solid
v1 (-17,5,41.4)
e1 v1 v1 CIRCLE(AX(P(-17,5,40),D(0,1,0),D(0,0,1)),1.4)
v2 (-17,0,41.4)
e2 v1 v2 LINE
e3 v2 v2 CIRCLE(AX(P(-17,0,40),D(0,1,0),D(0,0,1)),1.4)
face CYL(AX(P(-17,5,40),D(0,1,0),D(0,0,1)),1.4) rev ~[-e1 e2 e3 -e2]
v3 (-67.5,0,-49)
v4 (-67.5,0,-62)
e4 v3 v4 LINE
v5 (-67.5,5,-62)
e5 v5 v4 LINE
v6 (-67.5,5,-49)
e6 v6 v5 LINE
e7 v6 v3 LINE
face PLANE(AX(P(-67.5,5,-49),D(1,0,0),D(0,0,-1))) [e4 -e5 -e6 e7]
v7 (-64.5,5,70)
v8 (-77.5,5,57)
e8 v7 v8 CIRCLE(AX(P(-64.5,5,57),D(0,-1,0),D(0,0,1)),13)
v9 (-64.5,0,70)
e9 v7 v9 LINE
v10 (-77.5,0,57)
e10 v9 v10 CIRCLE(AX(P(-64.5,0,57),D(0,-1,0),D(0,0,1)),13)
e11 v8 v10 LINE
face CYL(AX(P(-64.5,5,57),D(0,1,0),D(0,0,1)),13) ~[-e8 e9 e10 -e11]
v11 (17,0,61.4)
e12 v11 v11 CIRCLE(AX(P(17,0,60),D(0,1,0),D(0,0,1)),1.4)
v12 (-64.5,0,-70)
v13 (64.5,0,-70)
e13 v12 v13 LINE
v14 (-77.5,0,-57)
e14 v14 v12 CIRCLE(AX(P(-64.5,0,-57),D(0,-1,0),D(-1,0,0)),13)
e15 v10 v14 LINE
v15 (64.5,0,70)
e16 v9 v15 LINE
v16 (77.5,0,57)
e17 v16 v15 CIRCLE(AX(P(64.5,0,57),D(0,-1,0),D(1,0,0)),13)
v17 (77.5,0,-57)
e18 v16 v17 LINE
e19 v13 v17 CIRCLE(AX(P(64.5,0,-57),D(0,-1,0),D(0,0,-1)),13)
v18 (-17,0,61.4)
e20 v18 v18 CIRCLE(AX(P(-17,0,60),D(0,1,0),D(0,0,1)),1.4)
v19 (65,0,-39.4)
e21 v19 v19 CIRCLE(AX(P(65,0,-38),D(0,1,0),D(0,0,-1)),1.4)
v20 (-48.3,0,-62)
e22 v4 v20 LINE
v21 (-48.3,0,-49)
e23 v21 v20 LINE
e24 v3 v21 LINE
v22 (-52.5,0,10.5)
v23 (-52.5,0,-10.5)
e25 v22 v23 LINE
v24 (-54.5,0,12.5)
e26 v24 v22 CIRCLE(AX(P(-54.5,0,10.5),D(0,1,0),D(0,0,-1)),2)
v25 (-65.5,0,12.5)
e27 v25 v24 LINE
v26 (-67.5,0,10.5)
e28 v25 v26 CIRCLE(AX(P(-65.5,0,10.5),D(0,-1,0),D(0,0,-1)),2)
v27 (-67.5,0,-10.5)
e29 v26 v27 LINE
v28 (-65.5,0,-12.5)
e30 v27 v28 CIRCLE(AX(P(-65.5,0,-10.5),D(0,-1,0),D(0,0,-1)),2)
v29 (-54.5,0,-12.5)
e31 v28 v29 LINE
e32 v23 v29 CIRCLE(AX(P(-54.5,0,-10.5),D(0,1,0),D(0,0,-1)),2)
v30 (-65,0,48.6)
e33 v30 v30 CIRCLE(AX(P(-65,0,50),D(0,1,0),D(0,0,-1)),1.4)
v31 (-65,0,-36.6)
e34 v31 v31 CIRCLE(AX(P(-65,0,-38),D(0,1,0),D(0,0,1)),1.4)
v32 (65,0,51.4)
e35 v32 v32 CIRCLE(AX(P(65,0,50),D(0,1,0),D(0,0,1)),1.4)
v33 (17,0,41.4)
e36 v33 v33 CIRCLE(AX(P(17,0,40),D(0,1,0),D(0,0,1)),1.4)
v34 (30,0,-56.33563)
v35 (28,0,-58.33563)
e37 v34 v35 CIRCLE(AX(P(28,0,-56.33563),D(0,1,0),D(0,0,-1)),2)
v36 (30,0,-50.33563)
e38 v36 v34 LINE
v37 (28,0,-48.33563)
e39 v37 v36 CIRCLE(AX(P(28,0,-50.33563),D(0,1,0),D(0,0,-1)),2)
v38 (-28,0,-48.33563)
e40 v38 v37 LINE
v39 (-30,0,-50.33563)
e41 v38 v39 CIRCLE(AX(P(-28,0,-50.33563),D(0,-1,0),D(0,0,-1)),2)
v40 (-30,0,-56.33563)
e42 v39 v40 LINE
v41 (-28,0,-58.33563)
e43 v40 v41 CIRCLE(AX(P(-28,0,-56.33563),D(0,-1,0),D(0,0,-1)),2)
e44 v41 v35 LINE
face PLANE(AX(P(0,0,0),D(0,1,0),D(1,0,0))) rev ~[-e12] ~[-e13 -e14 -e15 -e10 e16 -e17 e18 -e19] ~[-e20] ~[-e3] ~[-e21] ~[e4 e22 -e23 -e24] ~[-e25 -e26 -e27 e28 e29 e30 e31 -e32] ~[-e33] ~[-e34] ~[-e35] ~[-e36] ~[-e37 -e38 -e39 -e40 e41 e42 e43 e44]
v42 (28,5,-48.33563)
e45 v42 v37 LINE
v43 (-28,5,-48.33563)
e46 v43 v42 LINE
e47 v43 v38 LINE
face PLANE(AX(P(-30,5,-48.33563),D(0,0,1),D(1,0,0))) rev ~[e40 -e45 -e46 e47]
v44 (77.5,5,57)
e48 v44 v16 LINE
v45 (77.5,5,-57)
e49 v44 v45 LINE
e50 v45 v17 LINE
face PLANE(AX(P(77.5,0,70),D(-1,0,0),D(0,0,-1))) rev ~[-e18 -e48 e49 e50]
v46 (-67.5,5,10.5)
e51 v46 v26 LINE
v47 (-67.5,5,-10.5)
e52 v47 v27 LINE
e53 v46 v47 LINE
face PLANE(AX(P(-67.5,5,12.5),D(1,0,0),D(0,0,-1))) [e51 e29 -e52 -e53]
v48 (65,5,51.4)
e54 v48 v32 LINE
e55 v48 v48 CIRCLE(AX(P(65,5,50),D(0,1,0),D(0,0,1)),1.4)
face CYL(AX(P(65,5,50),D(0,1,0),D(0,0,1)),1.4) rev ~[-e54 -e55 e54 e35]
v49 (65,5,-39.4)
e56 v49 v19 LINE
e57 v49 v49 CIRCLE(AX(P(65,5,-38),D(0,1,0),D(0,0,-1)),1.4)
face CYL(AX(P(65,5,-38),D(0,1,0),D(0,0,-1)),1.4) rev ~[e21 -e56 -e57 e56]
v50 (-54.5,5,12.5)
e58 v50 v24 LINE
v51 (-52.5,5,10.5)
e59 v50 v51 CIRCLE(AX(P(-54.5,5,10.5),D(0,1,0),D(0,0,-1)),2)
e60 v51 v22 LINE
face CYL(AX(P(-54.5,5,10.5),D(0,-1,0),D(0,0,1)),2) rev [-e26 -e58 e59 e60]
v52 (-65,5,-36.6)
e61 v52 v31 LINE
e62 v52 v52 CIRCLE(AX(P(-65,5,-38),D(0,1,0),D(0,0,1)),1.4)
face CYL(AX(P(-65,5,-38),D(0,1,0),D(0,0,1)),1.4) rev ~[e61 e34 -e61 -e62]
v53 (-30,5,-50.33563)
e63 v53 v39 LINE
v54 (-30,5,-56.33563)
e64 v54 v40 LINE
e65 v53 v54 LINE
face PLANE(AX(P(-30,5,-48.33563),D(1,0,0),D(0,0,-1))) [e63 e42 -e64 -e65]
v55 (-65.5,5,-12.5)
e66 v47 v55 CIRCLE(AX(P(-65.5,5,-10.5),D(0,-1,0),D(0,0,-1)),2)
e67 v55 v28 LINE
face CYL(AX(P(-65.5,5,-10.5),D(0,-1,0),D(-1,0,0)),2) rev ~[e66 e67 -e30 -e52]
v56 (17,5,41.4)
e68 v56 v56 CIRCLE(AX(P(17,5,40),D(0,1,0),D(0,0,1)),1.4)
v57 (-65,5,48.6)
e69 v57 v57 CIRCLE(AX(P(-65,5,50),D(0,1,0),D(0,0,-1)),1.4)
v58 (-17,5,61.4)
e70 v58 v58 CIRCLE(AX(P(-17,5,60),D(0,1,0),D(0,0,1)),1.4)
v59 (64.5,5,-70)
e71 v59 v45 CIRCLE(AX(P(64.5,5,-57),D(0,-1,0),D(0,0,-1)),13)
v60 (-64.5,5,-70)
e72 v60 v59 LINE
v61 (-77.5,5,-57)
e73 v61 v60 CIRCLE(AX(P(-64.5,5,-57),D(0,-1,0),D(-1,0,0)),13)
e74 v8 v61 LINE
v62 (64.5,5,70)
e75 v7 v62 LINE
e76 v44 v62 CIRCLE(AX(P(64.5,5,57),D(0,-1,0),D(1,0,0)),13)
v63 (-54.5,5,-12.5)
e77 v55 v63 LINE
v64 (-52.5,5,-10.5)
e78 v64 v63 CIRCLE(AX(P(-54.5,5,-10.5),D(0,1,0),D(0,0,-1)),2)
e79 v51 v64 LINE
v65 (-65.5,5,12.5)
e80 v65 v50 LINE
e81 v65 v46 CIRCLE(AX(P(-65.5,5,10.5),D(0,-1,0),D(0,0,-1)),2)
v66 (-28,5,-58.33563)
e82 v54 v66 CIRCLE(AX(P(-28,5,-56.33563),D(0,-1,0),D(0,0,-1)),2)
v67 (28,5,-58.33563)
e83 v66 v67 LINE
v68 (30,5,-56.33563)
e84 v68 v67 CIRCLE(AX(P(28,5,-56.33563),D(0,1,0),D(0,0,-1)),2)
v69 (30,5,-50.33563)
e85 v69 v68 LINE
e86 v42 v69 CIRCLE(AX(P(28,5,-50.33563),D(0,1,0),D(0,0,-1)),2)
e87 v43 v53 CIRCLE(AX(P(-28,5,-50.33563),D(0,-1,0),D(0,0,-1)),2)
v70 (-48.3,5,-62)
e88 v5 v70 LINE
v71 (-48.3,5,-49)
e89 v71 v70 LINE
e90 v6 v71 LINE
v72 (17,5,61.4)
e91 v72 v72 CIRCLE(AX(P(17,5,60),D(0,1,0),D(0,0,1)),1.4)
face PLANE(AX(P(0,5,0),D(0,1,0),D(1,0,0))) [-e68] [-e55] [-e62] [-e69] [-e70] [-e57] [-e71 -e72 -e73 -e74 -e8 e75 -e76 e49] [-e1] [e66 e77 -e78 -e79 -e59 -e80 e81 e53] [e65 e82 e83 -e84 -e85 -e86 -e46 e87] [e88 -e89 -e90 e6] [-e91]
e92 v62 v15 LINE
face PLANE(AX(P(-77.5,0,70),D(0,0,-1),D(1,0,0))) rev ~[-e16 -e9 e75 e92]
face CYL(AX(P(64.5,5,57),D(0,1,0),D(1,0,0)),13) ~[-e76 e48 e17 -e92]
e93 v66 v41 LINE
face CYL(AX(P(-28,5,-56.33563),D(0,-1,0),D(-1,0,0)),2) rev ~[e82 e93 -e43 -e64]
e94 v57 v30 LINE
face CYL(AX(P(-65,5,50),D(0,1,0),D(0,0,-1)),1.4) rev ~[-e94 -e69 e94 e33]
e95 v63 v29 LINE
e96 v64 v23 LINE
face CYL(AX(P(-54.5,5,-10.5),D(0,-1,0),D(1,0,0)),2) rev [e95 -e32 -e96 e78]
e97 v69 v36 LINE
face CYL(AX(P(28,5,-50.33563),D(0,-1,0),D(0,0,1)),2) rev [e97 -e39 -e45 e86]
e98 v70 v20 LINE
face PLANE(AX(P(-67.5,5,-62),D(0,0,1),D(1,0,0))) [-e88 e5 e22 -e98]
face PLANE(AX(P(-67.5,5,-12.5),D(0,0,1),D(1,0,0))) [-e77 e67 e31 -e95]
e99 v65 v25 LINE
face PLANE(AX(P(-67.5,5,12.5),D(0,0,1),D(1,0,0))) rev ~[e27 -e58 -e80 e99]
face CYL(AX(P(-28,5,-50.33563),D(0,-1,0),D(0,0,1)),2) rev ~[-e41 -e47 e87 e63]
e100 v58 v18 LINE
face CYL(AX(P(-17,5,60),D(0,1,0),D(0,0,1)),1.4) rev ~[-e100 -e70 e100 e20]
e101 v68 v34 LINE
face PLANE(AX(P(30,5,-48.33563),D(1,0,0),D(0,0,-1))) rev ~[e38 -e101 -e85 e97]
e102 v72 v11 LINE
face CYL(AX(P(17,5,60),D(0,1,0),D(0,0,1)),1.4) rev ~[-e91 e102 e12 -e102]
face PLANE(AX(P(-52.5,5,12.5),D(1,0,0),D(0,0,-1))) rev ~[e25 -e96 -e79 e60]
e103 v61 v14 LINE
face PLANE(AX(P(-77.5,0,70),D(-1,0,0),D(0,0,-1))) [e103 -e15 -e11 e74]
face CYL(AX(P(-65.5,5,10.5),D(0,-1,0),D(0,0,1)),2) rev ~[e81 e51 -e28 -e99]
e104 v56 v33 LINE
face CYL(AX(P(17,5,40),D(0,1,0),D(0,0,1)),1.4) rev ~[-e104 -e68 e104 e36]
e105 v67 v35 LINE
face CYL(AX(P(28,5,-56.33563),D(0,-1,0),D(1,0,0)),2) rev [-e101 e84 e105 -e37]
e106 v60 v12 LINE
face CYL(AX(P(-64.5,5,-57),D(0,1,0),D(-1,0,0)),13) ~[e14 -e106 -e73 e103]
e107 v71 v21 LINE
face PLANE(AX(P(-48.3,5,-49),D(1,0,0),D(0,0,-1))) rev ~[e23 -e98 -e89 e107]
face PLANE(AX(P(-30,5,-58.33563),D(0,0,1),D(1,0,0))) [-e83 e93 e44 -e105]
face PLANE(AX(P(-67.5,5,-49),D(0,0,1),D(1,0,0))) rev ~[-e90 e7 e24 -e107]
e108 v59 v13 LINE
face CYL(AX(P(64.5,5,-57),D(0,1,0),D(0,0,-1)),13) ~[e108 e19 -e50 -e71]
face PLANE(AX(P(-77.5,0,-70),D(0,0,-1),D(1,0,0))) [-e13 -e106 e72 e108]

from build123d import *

# Parameters (mm, degrees)
SKETCH1_W           = 155
SKETCH1_H           = 140
BOSS_EXTRUDE1_DEPTH = 5
CUT_EXTRUDE1_DEPTH  = 5
SKETCH3_R           = 1.4
CUT_EXTRUDE2_DEPTH  = 5
SKETCH5_W           = 60
SKETCH5_H           = 10
CUT_EXTRUDE3_DEPTH  = 5
SKETCH6_R           = 1.4
CUT_EXTRUDE4_DEPTH  = 10
SKETCH7_W           = 15
SKETCH7_H           = 25
CUT_EXTRUDE5_DEPTH  = 10
SKETCH8_W           = 19.2
SKETCH8_H           = 13
CUT_EXTRUDE6_DEPTH  = 10
FILLET2_R           = 2
FILLET3_R           = 2


with BuildPart() as part:
    # Sketch1 → Boss-Extrude1 (new body)
    with BuildSketch(Plane(origin=(0, 0, 0), x_dir=(1, 0, 0), z_dir=(0, 1, 0))):
        Rectangle(SKETCH1_W, SKETCH1_H)
    extrude(amount=BOSS_EXTRUDE1_DEPTH)

    # Sketch2 → Cut-Extrude1 (cut)
    with BuildSketch(Plane(origin=(0, 5, 0), x_dir=(1, 0, 0), z_dir=(0, 1, 0))):
        with BuildLine():
            Line((-77.5, 70), (-77.5, 57))
            ThreePointArc((-77.5, 57), (-73.692388155, 66.192388155), (-64.5, 70))
            Line((-64.5, 70), (-77.5, 70))
        make_face()
        with BuildLine():
            Line((77.5, 70), (64.5, 70))
            ThreePointArc((64.5, 70), (73.692388155, 66.192388155), (77.5, 57))
            Line((77.5, 57), (77.5, 70))
        make_face()
        with BuildLine():
            Line((77.5, -70), (77.5, -57))
            ThreePointArc((77.5, -57), (73.692388155, -66.192388155), (64.5, -70))
            Line((64.5, -70), (77.5, -70))
        make_face()
        with BuildLine():
            Line((-77.5, -70), (-64.5, -70))
            ThreePointArc((-64.5, -70), (-73.692388155, -66.192388155), (-77.5, -57))
            Line((-77.5, -57), (-77.5, -70))
        make_face()
    extrude(amount=-CUT_EXTRUDE1_DEPTH, mode=Mode.SUBTRACT)

    # Sketch3 → Cut-Extrude2 (cut)
    with BuildSketch(Plane(origin=(0, 5, 0), x_dir=(1, 0, 0), z_dir=(0, 1, 0))):
        with Locations(Location((-65, 38, 0), (0, 0, 270))):
            Circle(SKETCH3_R)
        with Locations(Location((65, 38, 0), (0, 0, 90))):
            Circle(SKETCH3_R)
        with Locations(Location((65, -50, 0), (0, 0, 270))):
            Circle(SKETCH3_R)
        with Locations(Location((-65, -50, 0), (0, 0, 90))):
            Circle(SKETCH3_R)
    extrude(amount=-CUT_EXTRUDE2_DEPTH, mode=Mode.SUBTRACT)

    # Sketch5 → Cut-Extrude3 (cut)
    with BuildSketch(Plane(origin=(0, 5, 0), x_dir=(1, 0, 0), z_dir=(0, 1, 0))):
        with Locations((0, 53.335629909)):
            Rectangle(SKETCH5_W, SKETCH5_H)
    extrude(amount=-CUT_EXTRUDE3_DEPTH, mode=Mode.SUBTRACT)

    # Sketch6 → Cut-Extrude4 (cut)
    with BuildSketch(Plane(origin=(0, 5, 0), x_dir=(1, 0, 0), z_dir=(0, 1, 0))):
        with Locations(Location((-17, -40, 0), (0, 0, 270))):
            Circle(SKETCH6_R)
        with Locations(Location((17, -40, 0), (0, 0, 270))):
            Circle(SKETCH6_R)
        with Locations(Location((17, -60, 0), (0, 0, 270))):
            Circle(SKETCH6_R)
        with Locations(Location((-17, -60, 0), (0, 0, 270))):
            Circle(SKETCH6_R)
    extrude(amount=-CUT_EXTRUDE4_DEPTH, mode=Mode.SUBTRACT)

    # Sketch7 → Cut-Extrude5 (cut)
    with BuildSketch(Plane(origin=(0, 5, 0), x_dir=(1, 0, 0), z_dir=(0, 1, 0))):
        with Locations((-60, 0)):
            Rectangle(SKETCH7_W, SKETCH7_H)
    extrude(amount=-CUT_EXTRUDE5_DEPTH, mode=Mode.SUBTRACT)

    # Sketch8 → Cut-Extrude6 (cut)
    with BuildSketch(Plane(origin=(0, 5, 0), x_dir=(1, 0, 0), z_dir=(0, 1, 0))):
        with Locations((-57.9, 55.5)):
            Rectangle(SKETCH8_W, SKETCH8_H)
    extrude(amount=-CUT_EXTRUDE6_DEPTH, mode=Mode.SUBTRACT)

    # Fillet2
    fillet2_edges = [part.edges().sort_by_distance(p)[0] for p in [
        (-52.5, 2.5, -12.5),
        (-52.5, 2.5, 12.5),
        (-67.5, 2.5, 12.5),
        (-67.5, 2.5, -12.5),
    ]]
    fillet(fillet2_edges, radius=FILLET2_R)

    # Fillet3
    fillet3_edges = [part.edges().sort_by_distance(p)[0] for p in [
        (30, 2.5, -58.335629909),
        (30, 2.5, -48.335629909),
        (-30, 2.5, -48.335629909),
        (-30, 2.5, -58.335629909),
    ]]
    fillet(fillet3_edges, radius=FILLET3_R)


solid = part.part
